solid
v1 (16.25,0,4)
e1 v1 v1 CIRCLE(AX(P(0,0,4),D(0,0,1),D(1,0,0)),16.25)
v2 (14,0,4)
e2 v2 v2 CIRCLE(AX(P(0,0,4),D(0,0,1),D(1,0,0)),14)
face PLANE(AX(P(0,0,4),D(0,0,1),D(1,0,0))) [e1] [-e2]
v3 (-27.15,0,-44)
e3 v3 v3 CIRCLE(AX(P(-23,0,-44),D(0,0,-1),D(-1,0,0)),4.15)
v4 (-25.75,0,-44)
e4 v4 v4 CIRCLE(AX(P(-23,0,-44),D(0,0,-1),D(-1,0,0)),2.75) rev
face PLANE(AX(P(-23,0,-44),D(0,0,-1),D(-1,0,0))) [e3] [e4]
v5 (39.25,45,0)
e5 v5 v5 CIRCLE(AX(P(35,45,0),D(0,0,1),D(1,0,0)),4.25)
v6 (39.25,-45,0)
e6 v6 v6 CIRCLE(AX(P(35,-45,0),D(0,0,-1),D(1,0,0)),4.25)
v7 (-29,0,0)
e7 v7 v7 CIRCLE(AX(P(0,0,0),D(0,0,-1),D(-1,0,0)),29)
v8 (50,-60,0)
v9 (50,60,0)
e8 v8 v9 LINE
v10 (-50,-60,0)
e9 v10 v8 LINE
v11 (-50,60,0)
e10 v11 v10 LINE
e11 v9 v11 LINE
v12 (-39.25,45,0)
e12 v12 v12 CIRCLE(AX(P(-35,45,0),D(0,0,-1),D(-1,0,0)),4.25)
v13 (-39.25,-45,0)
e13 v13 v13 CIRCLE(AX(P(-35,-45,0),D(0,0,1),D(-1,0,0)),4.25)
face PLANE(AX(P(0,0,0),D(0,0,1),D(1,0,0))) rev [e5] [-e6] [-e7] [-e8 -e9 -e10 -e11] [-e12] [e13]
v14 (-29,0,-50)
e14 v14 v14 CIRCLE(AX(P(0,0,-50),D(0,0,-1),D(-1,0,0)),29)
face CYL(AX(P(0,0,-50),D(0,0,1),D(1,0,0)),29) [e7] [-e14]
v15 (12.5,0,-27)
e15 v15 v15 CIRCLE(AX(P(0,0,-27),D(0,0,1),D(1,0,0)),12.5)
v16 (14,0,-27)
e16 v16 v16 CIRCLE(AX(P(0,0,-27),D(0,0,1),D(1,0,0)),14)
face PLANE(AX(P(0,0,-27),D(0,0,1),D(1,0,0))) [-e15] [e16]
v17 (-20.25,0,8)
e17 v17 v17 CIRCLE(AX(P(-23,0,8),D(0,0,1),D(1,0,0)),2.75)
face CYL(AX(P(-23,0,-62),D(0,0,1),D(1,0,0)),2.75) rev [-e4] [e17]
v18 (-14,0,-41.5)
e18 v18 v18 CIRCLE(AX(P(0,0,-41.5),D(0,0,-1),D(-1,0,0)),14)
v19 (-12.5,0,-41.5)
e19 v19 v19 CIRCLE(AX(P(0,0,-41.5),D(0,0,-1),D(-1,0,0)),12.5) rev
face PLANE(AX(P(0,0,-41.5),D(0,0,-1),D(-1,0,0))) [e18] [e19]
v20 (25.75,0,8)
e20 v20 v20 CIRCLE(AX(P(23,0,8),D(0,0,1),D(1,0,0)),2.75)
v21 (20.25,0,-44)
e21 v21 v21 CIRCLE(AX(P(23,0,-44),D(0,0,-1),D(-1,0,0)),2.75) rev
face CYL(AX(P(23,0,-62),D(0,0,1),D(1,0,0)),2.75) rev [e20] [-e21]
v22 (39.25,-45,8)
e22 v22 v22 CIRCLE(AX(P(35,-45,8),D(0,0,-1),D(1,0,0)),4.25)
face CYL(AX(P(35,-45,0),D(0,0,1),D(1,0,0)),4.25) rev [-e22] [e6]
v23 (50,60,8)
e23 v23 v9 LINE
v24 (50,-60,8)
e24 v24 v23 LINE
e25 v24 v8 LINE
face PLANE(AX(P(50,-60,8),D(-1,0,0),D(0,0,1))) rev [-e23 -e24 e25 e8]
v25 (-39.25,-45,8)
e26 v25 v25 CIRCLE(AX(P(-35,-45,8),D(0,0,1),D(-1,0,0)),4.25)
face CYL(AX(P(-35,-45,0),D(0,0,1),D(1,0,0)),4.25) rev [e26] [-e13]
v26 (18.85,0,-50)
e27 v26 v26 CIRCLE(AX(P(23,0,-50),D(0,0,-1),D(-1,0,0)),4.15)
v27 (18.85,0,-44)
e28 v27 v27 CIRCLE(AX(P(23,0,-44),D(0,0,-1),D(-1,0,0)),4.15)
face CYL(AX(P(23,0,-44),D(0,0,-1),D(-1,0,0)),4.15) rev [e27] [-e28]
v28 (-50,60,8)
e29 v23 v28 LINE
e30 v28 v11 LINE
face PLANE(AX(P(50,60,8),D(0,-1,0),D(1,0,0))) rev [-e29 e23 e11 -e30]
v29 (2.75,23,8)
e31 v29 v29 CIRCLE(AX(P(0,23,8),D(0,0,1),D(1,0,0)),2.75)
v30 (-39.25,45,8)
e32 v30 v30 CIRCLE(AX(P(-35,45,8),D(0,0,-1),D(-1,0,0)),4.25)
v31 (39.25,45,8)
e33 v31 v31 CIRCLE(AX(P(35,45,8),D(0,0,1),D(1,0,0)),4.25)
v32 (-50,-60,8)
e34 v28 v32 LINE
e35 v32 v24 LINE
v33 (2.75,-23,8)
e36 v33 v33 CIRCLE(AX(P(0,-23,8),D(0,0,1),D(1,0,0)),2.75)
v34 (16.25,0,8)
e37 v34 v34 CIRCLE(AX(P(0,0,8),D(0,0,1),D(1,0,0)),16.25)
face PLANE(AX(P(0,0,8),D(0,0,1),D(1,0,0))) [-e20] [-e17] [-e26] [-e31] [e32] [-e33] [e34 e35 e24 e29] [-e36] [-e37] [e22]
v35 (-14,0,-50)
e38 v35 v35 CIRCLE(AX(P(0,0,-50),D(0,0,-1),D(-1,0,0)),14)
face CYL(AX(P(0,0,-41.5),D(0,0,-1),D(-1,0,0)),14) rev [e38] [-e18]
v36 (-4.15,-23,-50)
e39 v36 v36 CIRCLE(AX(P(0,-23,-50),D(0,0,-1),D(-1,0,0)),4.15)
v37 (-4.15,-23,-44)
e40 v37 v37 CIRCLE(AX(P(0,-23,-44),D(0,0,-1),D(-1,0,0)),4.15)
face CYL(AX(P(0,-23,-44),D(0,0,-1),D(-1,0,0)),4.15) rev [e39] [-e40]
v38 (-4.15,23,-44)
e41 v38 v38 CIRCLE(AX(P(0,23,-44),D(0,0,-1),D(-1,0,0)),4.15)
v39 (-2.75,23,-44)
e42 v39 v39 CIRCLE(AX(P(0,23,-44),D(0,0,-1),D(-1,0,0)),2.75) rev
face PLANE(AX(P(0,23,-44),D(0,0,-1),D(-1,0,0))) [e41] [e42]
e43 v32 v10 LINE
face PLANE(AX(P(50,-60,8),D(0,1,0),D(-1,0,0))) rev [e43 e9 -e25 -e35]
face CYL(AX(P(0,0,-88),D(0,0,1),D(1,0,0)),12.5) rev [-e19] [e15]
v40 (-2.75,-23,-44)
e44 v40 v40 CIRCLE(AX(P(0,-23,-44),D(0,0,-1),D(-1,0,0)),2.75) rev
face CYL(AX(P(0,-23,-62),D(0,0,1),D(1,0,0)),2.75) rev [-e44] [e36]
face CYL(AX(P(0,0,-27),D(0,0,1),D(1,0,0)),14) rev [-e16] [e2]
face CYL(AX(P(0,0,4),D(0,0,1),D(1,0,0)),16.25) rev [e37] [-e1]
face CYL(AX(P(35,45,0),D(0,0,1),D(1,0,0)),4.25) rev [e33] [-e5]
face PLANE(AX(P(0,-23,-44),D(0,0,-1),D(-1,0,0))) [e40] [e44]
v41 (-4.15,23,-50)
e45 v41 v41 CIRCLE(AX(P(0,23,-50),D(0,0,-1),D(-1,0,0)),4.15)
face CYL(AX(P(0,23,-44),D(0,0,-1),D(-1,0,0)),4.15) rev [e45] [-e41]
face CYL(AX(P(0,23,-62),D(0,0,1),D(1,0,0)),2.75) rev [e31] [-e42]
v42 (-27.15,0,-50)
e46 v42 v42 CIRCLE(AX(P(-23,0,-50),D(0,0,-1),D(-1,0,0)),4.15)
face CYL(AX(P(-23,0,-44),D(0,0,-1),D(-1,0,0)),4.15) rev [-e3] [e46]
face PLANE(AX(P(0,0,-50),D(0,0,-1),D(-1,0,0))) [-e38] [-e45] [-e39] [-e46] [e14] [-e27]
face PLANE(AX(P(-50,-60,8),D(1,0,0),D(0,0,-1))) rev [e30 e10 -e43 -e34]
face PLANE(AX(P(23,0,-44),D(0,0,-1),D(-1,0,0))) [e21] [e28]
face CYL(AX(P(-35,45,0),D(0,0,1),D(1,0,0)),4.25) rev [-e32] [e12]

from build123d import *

# Parameters (mm, degrees)
SKETCH1_W               = 100
SKETCH1_H               = 120
BOSS_EXTRUDE1_DEPTH     = 8
SKETCH2_R               = 4.25
CUT_EXTRUDE1_DEPTH      = 8
MIRROR2_COPY_1_SKETCH_R = 4.25
MIRROR2_COPY_1_DEPTH    = 8
SKETCH3_R               = 16.25
CUT_EXTRUDE2_DEPTH      = 4
SKETCH4_R               = 29
BOSS_EXTRUDE2_DEPTH     = 50
SKETCH5_R               = 2.75
CUT_EXTRUDE3_DEPTH      = 70
SKETCH6_R               = 14
CUT_EXTRUDE4_DEPTH      = 31
SKETCH7_R               = 12.5
CUT_EXTRUDE5_DEPTH      = 61
SKETCH8_R               = 4.15
CUT_EXTRUDE6_DEPTH      = 6
CUT_EXTRUDE7_START      = -8.5
SKETCH9_R               = 14
CUT_EXTRUDE7_DEPTH      = 8.5


with BuildPart() as part:
    # Sketch1 → Boss-Extrude1 (new body)
    with BuildSketch(Plane.XY):
        Rectangle(SKETCH1_W, SKETCH1_H)
    extrude(amount=BOSS_EXTRUDE1_DEPTH)

    # Sketch2 → Cut-Extrude1 (cut)
    with BuildSketch(Plane.XY.offset(8)):
        with Locations((35, 45)):
            Circle(SKETCH2_R)
    cut_extrude1 = extrude(amount=-CUT_EXTRUDE1_DEPTH, mode=Mode.SUBTRACT)

    # Mirror1: Cut-Extrude1 across plane
    add(cut_extrude1.mirror(Plane(origin=(0, 0, 0), x_dir=(0, 0, 1), z_dir=(1, 0, 0))), mode=Mode.SUBTRACT)

    # Mirror2: Cut-Extrude1 across plane
    add(cut_extrude1.mirror(Plane.ZX), mode=Mode.SUBTRACT)

    # Mirror2 copy 1 sketch → Mirror2 copy 1 (cut)
    with BuildSketch(Plane(origin=(0, 0, 8), x_dir=(-1, 0, 0), z_dir=(0, 0, 1))):
        with Locations((35, 45)):
            Circle(MIRROR2_COPY_1_SKETCH_R)
    extrude(amount=-MIRROR2_COPY_1_DEPTH, mode=Mode.SUBTRACT)

    # Sketch3 → Cut-Extrude2 (cut)
    with BuildSketch(Plane.XY.offset(8)):
        Circle(SKETCH3_R)
    extrude(amount=-CUT_EXTRUDE2_DEPTH, mode=Mode.SUBTRACT)

    # Sketch4 → Boss-Extrude2 (add)
    with BuildSketch(Plane(origin=(0, 0, 0), x_dir=(-1, 0, 0), z_dir=(0, 0, -1))):
        Circle(SKETCH4_R)
    extrude(amount=BOSS_EXTRUDE2_DEPTH)

    # Sketch5 → Cut-Extrude3 (cut)
    with BuildSketch(Plane.XY.offset(8)):
        with Locations((0, 23)):
            Circle(SKETCH5_R)
        with Locations((23, 0)):
            Circle(SKETCH5_R)
        with Locations((0, -23)):
            Circle(SKETCH5_R)
        with Locations((-23, 0)):
            Circle(SKETCH5_R)
    extrude(amount=-CUT_EXTRUDE3_DEPTH, mode=Mode.SUBTRACT)

    # Sketch6 → Cut-Extrude4 (cut)
    with BuildSketch(Plane.XY.offset(4)):
        Circle(SKETCH6_R)
    extrude(amount=-CUT_EXTRUDE4_DEPTH, mode=Mode.SUBTRACT)

    # Sketch7 → Cut-Extrude5 (cut)
    with BuildSketch(Plane.XY.offset(-27)):
        Circle(SKETCH7_R)
    extrude(amount=-CUT_EXTRUDE5_DEPTH, mode=Mode.SUBTRACT)

    # Sketch8 → Cut-Extrude6 (cut)
    with BuildSketch(Plane(origin=(0, 0, -50), x_dir=(-1, 0, 0), z_dir=(0, 0, -1))):
        with Locations((0, 23)):
            Circle(SKETCH8_R)
        with Locations((23, 0)):
            Circle(SKETCH8_R)
        with Locations((0, -23)):
            Circle(SKETCH8_R)
        with Locations((-23, 0)):
            Circle(SKETCH8_R)
    extrude(amount=-CUT_EXTRUDE6_DEPTH, mode=Mode.SUBTRACT)

    # Sketch9 → Cut-Extrude7 (cut)
    with BuildSketch(Plane(origin=(0, 0, -50), x_dir=(-1, 0, 0), z_dir=(0, 0, -1)).offset(CUT_EXTRUDE7_START)):
        with Locations(Location((0, 0, 0), (0, 0, 180))):
            Circle(SKETCH9_R)
    extrude(amount=CUT_EXTRUDE7_DEPTH, mode=Mode.SUBTRACT)


solid = part.part
